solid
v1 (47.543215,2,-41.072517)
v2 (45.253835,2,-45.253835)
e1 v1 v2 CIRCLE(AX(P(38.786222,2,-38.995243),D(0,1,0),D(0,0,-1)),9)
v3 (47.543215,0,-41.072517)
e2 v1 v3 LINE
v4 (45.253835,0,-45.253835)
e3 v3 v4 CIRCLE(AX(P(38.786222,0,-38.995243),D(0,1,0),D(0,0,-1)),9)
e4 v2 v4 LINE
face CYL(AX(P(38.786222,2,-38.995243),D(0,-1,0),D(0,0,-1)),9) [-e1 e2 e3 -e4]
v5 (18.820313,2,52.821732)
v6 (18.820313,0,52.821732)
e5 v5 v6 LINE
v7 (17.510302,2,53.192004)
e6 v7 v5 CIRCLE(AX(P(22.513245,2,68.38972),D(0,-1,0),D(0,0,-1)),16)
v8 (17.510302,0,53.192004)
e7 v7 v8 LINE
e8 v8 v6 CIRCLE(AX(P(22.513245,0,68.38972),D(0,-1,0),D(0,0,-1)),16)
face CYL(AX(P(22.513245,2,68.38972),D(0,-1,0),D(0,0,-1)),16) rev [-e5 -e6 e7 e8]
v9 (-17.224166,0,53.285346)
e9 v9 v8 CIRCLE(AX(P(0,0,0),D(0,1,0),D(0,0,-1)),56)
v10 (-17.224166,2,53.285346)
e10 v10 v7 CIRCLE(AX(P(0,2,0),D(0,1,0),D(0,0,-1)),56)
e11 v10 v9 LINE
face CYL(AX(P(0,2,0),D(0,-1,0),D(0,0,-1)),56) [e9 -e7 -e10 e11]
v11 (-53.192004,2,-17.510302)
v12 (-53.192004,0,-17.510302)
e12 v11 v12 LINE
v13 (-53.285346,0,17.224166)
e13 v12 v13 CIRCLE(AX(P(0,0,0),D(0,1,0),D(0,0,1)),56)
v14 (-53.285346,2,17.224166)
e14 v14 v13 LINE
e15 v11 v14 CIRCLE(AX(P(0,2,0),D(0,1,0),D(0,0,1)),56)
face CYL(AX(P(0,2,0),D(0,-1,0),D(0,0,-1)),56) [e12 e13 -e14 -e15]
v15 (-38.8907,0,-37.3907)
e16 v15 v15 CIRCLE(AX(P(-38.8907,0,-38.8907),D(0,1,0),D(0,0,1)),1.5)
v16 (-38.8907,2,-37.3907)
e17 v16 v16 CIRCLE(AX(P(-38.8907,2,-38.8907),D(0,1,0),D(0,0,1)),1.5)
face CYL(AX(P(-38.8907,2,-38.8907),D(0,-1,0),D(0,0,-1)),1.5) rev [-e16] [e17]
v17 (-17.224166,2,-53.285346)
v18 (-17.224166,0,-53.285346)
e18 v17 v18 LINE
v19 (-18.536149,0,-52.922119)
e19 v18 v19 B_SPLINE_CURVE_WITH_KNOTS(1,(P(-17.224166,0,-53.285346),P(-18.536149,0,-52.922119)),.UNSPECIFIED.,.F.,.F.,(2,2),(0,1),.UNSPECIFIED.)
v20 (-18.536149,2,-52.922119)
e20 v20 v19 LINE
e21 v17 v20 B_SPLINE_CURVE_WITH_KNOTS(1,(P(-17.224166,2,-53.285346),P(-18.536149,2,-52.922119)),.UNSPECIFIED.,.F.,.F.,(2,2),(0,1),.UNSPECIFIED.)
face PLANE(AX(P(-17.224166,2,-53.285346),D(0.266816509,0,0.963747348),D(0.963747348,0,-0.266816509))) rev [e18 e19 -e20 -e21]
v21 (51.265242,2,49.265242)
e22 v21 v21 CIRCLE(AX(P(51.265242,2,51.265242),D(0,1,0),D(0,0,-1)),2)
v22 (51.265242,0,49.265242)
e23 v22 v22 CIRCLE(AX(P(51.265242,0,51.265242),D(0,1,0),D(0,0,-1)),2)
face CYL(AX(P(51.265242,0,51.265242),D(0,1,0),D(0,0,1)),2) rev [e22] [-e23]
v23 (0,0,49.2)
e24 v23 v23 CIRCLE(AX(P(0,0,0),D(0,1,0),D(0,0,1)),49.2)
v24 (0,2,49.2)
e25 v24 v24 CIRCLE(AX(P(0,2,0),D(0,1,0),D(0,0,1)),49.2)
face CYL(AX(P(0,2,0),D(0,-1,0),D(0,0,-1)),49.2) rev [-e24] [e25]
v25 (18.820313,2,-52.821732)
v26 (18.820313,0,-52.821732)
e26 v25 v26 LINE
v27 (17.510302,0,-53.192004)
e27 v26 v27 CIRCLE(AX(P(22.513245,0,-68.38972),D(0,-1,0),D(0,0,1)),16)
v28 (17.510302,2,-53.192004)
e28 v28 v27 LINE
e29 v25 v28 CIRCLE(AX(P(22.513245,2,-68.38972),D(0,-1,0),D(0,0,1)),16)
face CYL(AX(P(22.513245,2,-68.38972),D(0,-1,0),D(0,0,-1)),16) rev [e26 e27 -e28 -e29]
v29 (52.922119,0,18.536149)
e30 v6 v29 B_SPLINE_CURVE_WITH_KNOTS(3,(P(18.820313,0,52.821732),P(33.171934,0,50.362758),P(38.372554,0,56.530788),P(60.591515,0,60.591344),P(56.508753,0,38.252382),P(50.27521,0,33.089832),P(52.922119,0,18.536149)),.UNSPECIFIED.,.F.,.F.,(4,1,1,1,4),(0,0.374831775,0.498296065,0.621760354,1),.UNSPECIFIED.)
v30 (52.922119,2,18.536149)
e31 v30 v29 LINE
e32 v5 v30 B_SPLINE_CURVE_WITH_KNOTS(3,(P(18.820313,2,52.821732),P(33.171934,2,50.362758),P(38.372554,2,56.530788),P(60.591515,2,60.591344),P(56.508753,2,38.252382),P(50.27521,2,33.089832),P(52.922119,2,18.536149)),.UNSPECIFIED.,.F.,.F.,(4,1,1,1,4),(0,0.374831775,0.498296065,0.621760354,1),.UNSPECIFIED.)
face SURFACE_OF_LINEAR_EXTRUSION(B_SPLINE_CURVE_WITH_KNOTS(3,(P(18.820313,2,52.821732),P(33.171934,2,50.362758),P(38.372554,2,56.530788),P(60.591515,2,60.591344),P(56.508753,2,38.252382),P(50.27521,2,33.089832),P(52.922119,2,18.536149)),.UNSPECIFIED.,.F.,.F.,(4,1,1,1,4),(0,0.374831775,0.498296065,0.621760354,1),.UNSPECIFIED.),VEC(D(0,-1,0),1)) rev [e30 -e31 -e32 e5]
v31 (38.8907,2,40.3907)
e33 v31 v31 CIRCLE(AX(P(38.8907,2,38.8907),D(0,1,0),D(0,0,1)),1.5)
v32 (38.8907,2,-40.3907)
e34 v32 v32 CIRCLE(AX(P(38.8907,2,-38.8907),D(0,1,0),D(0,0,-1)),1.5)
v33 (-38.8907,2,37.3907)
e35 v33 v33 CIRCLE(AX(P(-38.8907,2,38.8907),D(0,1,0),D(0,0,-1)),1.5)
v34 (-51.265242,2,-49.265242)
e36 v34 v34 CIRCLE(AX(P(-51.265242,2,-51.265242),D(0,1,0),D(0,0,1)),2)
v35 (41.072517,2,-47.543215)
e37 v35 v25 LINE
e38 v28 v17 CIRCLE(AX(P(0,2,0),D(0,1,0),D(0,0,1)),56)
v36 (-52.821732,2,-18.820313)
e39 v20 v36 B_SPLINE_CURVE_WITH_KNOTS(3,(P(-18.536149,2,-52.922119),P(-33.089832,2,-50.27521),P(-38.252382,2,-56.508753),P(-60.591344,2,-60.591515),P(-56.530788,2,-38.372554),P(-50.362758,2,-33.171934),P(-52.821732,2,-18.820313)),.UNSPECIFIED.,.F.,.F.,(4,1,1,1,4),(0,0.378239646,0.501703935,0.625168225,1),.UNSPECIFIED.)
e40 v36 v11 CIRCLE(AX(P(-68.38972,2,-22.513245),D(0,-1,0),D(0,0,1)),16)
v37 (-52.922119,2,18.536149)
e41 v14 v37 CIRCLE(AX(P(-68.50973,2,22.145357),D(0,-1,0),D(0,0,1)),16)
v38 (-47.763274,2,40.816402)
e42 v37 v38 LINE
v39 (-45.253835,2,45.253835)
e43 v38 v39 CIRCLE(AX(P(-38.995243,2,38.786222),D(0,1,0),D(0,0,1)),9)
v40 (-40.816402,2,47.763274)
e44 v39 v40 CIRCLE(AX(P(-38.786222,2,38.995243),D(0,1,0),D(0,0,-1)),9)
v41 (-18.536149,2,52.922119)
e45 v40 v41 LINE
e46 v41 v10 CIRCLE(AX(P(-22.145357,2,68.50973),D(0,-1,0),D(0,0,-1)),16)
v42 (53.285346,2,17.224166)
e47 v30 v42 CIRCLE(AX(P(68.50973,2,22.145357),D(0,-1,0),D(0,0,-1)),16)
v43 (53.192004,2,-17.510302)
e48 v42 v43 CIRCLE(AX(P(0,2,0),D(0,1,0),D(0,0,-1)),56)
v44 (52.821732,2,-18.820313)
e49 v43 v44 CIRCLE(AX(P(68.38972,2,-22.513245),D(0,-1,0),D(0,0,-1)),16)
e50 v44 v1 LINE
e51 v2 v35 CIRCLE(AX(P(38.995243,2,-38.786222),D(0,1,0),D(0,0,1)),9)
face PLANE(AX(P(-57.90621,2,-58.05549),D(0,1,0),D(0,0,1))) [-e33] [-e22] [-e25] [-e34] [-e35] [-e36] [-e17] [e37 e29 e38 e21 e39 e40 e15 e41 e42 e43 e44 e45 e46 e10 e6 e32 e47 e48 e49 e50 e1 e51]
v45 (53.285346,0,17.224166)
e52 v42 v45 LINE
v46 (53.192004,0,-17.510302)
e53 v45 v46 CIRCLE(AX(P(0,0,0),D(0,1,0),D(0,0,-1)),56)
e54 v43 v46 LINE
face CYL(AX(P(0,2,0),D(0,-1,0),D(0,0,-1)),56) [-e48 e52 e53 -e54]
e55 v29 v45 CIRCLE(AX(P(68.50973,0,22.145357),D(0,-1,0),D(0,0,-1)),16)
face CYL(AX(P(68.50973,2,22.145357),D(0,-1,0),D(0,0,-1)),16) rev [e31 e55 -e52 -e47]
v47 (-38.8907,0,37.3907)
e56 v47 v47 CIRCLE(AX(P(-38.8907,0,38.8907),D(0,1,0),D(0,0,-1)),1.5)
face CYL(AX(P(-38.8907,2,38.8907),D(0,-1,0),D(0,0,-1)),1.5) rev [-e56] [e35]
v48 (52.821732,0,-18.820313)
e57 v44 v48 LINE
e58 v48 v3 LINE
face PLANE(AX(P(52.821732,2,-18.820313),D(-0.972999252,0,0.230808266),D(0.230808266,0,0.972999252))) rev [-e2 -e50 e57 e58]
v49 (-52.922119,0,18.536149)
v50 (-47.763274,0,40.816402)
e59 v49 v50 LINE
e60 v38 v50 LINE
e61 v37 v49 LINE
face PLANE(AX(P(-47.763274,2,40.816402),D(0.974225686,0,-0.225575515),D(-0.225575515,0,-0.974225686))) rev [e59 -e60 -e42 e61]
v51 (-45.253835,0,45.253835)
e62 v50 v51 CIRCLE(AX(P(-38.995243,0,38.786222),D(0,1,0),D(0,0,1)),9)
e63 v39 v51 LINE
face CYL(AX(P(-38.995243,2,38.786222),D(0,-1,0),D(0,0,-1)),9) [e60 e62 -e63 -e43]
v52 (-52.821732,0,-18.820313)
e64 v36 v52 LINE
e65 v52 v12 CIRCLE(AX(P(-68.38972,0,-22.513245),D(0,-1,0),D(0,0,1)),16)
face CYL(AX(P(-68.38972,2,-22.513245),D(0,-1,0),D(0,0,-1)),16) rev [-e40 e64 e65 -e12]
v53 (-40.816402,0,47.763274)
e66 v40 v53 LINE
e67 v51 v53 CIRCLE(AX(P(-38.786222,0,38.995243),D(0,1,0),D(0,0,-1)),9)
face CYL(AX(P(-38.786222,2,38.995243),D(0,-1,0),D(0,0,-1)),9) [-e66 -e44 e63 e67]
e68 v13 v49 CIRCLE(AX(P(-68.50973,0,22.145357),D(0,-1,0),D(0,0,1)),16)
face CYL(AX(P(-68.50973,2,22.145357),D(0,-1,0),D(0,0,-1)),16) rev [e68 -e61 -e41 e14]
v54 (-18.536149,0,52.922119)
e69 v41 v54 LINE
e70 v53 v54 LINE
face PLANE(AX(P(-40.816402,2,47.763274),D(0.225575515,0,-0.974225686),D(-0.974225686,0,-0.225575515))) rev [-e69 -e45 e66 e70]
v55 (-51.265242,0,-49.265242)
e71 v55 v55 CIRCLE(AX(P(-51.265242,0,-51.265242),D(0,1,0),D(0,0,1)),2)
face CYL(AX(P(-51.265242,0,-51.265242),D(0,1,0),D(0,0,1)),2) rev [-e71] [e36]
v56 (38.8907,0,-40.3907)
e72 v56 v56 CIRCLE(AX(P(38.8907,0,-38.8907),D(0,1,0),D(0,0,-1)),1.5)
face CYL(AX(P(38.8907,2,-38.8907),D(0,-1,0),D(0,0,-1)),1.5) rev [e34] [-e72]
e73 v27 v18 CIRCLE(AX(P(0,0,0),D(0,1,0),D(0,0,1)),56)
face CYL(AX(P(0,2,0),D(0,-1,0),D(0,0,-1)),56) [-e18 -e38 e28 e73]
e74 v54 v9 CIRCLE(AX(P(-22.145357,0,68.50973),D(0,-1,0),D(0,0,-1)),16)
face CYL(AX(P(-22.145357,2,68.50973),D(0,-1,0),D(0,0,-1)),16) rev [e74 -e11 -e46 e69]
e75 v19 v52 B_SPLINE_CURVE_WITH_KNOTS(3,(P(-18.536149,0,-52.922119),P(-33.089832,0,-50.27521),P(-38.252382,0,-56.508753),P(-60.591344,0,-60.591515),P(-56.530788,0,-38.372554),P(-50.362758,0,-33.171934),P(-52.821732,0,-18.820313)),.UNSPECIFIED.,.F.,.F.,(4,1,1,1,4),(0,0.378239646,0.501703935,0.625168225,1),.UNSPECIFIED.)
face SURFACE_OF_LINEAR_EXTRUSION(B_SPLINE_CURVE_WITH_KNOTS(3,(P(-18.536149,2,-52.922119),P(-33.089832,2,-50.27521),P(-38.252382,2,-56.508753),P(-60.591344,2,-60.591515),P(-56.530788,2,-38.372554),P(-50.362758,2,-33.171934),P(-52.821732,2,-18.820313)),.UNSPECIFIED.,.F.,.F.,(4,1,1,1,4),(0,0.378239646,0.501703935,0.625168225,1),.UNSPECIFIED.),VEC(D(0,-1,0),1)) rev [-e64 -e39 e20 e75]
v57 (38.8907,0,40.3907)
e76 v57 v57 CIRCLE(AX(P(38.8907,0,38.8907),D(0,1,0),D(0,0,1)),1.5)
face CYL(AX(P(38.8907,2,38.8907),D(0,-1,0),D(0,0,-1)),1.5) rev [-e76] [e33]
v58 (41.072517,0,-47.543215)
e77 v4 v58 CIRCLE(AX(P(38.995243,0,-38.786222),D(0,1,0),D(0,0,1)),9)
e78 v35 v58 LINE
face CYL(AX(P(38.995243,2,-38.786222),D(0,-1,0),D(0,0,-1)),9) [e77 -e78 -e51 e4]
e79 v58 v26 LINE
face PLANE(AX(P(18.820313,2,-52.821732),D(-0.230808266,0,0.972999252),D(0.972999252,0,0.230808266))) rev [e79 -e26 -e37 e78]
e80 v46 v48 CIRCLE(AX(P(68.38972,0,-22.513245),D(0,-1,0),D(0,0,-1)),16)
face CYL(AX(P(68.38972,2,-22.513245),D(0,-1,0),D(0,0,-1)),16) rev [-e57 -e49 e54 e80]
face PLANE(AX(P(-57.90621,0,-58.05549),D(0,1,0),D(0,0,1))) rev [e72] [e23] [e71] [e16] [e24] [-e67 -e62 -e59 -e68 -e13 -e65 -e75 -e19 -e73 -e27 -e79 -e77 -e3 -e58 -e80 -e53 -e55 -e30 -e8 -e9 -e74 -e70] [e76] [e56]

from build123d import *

# Parameters (mm, degrees)
SKETCH1_R           = 1.5
SKETCH1_R_2         = 49.2
BOSS_EXTRUDE1_DEPTH = 2
SKETCH2_R           = 2
CUT_EXTRUDE1_DEPTH  = 84.538877218


with BuildPart() as part:
    # Sketch1 → Boss-Extrude1 (new body)
    with BuildSketch(Plane(origin=(0, 0, 0), x_dir=(1, 0, 0), z_dir=(0, 1, 0))):
        with BuildLine():
            Line((18.82031265, 52.821731984), (41.072517471, 47.543215273))
            ThreePointArc((41.072517471, 47.543215273), (43.317509083, 46.680398122), (45.253835365, 45.253835365))
            ThreePointArc((45.253835365, 45.253835365), (46.680398122, 43.317509083), (47.543215273, 41.072517471))
            Line((47.543215273, 41.072517471), (52.821731984, 18.82031265))
            ThreePointArc((52.821731984, 18.82031265), (52.992929389, 18.161367335), (53.192004456, 17.510301595))
            ThreePointArc((53.192004456, 17.510301595), (55.281581077, 8.941297091), (55.999797799, 0.150487493))
            ThreePointArc((55.999797799, 0.150487493), (55.328837954, -8.644055219), (53.285345919, -17.224166462))
            ThreePointArc((53.285345919, -17.224166462), (53.089772901, -17.876292734), (52.922119493, -18.536148639))
            add(Edge.make_bspline(
                [(52.922119493, -18.536148639), (50.275210127, -33.089832281), (56.508752557, -38.252381664), (60.591514669, -60.591343739), (38.37255444, -56.530788224), (33.171934015, -50.362758483), (18.82031265, -52.821731984)],
                knots=[0, 0, 0, 0, 0.378239646, 0.501703935, 0.625168225, 1, 1, 1, 1], degree=3))
            ThreePointArc((18.82031265, -52.821731984), (18.161367335, -52.992929389), (17.510301595, -53.192004456))
            ThreePointArc((17.510301595, -53.192004456), (0.150487493, -55.999797799), (-17.224166462, -53.285345919))
            ThreePointArc((-17.224166462, -53.285345919), (-17.876292734, -53.089772901), (-18.536148639, -52.922119493))
            Line((-18.536148639, -52.922119493), (-40.816401641, -47.763274249))
            ThreePointArc((-40.816401641, -47.763274249), (-43.21650894, -46.829307007), (-45.253835365, -45.253835365))
            ThreePointArc((-45.253835365, -45.253835365), (-46.829307007, -43.21650894), (-47.763274249, -40.816401641))
            Line((-47.763274249, -40.816401641), (-52.922119493, -18.536148639))
            ThreePointArc((-52.922119493, -18.536148639), (-53.089772901, -17.876292734), (-53.285345919, -17.224166462))
            ThreePointArc((-53.285345919, -17.224166462), (-55.999797799, 0.150487493), (-53.192004456, 17.510301595))
            ThreePointArc((-53.192004456, 17.510301595), (-52.992929389, 18.161367335), (-52.821731984, 18.82031265))
            add(Edge.make_bspline(
                [(-18.536148639, 52.922119493), (-33.089832281, 50.275210127), (-38.252381664, 56.508752557), (-60.591343739, 60.591514669), (-56.530788224, 38.37255444), (-50.362758483, 33.171934015), (-52.821731984, 18.82031265)],
                knots=[0, 0, 0, 0, 0.378239646, 0.501703935, 0.625168225, 1, 1, 1, 1], degree=3))
            Line((-18.536148639, 52.922119493), (-17.224166462, 53.285345919))
            ThreePointArc((-17.224166462, 53.285345919), (-8.644055219, 55.328837954), (0.150487493, 55.999797799))
            ThreePointArc((0.150487493, 55.999797799), (8.941297091, 55.281581077), (17.510301595, 53.192004456))
            ThreePointArc((17.510301595, 53.192004456), (18.161367335, 52.992929389), (18.82031265, 52.821731984))
        make_face()
        with Locations(Location((-38.8907, 38.8907, 0), (0, 0, 270))):
            Circle(SKETCH1_R, mode=Mode.SUBTRACT)
        with Locations(Location((38.8907, 38.8907, 0), (0, 0, 90))):
            Circle(SKETCH1_R, mode=Mode.SUBTRACT)
        with Locations(Location((38.8907, -38.8907, 0), (0, 0, 270))):
            Circle(SKETCH1_R, mode=Mode.SUBTRACT)
        with Locations(Location((-38.8907, -38.8907, 0), (0, 0, 90))):
            Circle(SKETCH1_R, mode=Mode.SUBTRACT)
        with Locations(Location((0, 0, 0), (0, 0, 270))):
            Circle(SKETCH1_R_2, mode=Mode.SUBTRACT)
    extrude(amount=BOSS_EXTRUDE1_DEPTH)

    # Sketch2 → Cut-Extrude1 (cut, through all)
    with BuildSketch(Plane(origin=(0, 2, 0), x_dir=(1, 0, 0), z_dir=(0, 1, 0))):
        with Locations(Location((-51.265241636, 51.265241636, 0), (0, 0, 270))):
            Circle(SKETCH2_R)
        with Locations(Location((51.265241636, -51.265241636, 0), (0, 0, 90))):
            Circle(SKETCH2_R)
    extrude(amount=-CUT_EXTRUDE1_DEPTH, mode=Mode.SUBTRACT)


solid = part.part
